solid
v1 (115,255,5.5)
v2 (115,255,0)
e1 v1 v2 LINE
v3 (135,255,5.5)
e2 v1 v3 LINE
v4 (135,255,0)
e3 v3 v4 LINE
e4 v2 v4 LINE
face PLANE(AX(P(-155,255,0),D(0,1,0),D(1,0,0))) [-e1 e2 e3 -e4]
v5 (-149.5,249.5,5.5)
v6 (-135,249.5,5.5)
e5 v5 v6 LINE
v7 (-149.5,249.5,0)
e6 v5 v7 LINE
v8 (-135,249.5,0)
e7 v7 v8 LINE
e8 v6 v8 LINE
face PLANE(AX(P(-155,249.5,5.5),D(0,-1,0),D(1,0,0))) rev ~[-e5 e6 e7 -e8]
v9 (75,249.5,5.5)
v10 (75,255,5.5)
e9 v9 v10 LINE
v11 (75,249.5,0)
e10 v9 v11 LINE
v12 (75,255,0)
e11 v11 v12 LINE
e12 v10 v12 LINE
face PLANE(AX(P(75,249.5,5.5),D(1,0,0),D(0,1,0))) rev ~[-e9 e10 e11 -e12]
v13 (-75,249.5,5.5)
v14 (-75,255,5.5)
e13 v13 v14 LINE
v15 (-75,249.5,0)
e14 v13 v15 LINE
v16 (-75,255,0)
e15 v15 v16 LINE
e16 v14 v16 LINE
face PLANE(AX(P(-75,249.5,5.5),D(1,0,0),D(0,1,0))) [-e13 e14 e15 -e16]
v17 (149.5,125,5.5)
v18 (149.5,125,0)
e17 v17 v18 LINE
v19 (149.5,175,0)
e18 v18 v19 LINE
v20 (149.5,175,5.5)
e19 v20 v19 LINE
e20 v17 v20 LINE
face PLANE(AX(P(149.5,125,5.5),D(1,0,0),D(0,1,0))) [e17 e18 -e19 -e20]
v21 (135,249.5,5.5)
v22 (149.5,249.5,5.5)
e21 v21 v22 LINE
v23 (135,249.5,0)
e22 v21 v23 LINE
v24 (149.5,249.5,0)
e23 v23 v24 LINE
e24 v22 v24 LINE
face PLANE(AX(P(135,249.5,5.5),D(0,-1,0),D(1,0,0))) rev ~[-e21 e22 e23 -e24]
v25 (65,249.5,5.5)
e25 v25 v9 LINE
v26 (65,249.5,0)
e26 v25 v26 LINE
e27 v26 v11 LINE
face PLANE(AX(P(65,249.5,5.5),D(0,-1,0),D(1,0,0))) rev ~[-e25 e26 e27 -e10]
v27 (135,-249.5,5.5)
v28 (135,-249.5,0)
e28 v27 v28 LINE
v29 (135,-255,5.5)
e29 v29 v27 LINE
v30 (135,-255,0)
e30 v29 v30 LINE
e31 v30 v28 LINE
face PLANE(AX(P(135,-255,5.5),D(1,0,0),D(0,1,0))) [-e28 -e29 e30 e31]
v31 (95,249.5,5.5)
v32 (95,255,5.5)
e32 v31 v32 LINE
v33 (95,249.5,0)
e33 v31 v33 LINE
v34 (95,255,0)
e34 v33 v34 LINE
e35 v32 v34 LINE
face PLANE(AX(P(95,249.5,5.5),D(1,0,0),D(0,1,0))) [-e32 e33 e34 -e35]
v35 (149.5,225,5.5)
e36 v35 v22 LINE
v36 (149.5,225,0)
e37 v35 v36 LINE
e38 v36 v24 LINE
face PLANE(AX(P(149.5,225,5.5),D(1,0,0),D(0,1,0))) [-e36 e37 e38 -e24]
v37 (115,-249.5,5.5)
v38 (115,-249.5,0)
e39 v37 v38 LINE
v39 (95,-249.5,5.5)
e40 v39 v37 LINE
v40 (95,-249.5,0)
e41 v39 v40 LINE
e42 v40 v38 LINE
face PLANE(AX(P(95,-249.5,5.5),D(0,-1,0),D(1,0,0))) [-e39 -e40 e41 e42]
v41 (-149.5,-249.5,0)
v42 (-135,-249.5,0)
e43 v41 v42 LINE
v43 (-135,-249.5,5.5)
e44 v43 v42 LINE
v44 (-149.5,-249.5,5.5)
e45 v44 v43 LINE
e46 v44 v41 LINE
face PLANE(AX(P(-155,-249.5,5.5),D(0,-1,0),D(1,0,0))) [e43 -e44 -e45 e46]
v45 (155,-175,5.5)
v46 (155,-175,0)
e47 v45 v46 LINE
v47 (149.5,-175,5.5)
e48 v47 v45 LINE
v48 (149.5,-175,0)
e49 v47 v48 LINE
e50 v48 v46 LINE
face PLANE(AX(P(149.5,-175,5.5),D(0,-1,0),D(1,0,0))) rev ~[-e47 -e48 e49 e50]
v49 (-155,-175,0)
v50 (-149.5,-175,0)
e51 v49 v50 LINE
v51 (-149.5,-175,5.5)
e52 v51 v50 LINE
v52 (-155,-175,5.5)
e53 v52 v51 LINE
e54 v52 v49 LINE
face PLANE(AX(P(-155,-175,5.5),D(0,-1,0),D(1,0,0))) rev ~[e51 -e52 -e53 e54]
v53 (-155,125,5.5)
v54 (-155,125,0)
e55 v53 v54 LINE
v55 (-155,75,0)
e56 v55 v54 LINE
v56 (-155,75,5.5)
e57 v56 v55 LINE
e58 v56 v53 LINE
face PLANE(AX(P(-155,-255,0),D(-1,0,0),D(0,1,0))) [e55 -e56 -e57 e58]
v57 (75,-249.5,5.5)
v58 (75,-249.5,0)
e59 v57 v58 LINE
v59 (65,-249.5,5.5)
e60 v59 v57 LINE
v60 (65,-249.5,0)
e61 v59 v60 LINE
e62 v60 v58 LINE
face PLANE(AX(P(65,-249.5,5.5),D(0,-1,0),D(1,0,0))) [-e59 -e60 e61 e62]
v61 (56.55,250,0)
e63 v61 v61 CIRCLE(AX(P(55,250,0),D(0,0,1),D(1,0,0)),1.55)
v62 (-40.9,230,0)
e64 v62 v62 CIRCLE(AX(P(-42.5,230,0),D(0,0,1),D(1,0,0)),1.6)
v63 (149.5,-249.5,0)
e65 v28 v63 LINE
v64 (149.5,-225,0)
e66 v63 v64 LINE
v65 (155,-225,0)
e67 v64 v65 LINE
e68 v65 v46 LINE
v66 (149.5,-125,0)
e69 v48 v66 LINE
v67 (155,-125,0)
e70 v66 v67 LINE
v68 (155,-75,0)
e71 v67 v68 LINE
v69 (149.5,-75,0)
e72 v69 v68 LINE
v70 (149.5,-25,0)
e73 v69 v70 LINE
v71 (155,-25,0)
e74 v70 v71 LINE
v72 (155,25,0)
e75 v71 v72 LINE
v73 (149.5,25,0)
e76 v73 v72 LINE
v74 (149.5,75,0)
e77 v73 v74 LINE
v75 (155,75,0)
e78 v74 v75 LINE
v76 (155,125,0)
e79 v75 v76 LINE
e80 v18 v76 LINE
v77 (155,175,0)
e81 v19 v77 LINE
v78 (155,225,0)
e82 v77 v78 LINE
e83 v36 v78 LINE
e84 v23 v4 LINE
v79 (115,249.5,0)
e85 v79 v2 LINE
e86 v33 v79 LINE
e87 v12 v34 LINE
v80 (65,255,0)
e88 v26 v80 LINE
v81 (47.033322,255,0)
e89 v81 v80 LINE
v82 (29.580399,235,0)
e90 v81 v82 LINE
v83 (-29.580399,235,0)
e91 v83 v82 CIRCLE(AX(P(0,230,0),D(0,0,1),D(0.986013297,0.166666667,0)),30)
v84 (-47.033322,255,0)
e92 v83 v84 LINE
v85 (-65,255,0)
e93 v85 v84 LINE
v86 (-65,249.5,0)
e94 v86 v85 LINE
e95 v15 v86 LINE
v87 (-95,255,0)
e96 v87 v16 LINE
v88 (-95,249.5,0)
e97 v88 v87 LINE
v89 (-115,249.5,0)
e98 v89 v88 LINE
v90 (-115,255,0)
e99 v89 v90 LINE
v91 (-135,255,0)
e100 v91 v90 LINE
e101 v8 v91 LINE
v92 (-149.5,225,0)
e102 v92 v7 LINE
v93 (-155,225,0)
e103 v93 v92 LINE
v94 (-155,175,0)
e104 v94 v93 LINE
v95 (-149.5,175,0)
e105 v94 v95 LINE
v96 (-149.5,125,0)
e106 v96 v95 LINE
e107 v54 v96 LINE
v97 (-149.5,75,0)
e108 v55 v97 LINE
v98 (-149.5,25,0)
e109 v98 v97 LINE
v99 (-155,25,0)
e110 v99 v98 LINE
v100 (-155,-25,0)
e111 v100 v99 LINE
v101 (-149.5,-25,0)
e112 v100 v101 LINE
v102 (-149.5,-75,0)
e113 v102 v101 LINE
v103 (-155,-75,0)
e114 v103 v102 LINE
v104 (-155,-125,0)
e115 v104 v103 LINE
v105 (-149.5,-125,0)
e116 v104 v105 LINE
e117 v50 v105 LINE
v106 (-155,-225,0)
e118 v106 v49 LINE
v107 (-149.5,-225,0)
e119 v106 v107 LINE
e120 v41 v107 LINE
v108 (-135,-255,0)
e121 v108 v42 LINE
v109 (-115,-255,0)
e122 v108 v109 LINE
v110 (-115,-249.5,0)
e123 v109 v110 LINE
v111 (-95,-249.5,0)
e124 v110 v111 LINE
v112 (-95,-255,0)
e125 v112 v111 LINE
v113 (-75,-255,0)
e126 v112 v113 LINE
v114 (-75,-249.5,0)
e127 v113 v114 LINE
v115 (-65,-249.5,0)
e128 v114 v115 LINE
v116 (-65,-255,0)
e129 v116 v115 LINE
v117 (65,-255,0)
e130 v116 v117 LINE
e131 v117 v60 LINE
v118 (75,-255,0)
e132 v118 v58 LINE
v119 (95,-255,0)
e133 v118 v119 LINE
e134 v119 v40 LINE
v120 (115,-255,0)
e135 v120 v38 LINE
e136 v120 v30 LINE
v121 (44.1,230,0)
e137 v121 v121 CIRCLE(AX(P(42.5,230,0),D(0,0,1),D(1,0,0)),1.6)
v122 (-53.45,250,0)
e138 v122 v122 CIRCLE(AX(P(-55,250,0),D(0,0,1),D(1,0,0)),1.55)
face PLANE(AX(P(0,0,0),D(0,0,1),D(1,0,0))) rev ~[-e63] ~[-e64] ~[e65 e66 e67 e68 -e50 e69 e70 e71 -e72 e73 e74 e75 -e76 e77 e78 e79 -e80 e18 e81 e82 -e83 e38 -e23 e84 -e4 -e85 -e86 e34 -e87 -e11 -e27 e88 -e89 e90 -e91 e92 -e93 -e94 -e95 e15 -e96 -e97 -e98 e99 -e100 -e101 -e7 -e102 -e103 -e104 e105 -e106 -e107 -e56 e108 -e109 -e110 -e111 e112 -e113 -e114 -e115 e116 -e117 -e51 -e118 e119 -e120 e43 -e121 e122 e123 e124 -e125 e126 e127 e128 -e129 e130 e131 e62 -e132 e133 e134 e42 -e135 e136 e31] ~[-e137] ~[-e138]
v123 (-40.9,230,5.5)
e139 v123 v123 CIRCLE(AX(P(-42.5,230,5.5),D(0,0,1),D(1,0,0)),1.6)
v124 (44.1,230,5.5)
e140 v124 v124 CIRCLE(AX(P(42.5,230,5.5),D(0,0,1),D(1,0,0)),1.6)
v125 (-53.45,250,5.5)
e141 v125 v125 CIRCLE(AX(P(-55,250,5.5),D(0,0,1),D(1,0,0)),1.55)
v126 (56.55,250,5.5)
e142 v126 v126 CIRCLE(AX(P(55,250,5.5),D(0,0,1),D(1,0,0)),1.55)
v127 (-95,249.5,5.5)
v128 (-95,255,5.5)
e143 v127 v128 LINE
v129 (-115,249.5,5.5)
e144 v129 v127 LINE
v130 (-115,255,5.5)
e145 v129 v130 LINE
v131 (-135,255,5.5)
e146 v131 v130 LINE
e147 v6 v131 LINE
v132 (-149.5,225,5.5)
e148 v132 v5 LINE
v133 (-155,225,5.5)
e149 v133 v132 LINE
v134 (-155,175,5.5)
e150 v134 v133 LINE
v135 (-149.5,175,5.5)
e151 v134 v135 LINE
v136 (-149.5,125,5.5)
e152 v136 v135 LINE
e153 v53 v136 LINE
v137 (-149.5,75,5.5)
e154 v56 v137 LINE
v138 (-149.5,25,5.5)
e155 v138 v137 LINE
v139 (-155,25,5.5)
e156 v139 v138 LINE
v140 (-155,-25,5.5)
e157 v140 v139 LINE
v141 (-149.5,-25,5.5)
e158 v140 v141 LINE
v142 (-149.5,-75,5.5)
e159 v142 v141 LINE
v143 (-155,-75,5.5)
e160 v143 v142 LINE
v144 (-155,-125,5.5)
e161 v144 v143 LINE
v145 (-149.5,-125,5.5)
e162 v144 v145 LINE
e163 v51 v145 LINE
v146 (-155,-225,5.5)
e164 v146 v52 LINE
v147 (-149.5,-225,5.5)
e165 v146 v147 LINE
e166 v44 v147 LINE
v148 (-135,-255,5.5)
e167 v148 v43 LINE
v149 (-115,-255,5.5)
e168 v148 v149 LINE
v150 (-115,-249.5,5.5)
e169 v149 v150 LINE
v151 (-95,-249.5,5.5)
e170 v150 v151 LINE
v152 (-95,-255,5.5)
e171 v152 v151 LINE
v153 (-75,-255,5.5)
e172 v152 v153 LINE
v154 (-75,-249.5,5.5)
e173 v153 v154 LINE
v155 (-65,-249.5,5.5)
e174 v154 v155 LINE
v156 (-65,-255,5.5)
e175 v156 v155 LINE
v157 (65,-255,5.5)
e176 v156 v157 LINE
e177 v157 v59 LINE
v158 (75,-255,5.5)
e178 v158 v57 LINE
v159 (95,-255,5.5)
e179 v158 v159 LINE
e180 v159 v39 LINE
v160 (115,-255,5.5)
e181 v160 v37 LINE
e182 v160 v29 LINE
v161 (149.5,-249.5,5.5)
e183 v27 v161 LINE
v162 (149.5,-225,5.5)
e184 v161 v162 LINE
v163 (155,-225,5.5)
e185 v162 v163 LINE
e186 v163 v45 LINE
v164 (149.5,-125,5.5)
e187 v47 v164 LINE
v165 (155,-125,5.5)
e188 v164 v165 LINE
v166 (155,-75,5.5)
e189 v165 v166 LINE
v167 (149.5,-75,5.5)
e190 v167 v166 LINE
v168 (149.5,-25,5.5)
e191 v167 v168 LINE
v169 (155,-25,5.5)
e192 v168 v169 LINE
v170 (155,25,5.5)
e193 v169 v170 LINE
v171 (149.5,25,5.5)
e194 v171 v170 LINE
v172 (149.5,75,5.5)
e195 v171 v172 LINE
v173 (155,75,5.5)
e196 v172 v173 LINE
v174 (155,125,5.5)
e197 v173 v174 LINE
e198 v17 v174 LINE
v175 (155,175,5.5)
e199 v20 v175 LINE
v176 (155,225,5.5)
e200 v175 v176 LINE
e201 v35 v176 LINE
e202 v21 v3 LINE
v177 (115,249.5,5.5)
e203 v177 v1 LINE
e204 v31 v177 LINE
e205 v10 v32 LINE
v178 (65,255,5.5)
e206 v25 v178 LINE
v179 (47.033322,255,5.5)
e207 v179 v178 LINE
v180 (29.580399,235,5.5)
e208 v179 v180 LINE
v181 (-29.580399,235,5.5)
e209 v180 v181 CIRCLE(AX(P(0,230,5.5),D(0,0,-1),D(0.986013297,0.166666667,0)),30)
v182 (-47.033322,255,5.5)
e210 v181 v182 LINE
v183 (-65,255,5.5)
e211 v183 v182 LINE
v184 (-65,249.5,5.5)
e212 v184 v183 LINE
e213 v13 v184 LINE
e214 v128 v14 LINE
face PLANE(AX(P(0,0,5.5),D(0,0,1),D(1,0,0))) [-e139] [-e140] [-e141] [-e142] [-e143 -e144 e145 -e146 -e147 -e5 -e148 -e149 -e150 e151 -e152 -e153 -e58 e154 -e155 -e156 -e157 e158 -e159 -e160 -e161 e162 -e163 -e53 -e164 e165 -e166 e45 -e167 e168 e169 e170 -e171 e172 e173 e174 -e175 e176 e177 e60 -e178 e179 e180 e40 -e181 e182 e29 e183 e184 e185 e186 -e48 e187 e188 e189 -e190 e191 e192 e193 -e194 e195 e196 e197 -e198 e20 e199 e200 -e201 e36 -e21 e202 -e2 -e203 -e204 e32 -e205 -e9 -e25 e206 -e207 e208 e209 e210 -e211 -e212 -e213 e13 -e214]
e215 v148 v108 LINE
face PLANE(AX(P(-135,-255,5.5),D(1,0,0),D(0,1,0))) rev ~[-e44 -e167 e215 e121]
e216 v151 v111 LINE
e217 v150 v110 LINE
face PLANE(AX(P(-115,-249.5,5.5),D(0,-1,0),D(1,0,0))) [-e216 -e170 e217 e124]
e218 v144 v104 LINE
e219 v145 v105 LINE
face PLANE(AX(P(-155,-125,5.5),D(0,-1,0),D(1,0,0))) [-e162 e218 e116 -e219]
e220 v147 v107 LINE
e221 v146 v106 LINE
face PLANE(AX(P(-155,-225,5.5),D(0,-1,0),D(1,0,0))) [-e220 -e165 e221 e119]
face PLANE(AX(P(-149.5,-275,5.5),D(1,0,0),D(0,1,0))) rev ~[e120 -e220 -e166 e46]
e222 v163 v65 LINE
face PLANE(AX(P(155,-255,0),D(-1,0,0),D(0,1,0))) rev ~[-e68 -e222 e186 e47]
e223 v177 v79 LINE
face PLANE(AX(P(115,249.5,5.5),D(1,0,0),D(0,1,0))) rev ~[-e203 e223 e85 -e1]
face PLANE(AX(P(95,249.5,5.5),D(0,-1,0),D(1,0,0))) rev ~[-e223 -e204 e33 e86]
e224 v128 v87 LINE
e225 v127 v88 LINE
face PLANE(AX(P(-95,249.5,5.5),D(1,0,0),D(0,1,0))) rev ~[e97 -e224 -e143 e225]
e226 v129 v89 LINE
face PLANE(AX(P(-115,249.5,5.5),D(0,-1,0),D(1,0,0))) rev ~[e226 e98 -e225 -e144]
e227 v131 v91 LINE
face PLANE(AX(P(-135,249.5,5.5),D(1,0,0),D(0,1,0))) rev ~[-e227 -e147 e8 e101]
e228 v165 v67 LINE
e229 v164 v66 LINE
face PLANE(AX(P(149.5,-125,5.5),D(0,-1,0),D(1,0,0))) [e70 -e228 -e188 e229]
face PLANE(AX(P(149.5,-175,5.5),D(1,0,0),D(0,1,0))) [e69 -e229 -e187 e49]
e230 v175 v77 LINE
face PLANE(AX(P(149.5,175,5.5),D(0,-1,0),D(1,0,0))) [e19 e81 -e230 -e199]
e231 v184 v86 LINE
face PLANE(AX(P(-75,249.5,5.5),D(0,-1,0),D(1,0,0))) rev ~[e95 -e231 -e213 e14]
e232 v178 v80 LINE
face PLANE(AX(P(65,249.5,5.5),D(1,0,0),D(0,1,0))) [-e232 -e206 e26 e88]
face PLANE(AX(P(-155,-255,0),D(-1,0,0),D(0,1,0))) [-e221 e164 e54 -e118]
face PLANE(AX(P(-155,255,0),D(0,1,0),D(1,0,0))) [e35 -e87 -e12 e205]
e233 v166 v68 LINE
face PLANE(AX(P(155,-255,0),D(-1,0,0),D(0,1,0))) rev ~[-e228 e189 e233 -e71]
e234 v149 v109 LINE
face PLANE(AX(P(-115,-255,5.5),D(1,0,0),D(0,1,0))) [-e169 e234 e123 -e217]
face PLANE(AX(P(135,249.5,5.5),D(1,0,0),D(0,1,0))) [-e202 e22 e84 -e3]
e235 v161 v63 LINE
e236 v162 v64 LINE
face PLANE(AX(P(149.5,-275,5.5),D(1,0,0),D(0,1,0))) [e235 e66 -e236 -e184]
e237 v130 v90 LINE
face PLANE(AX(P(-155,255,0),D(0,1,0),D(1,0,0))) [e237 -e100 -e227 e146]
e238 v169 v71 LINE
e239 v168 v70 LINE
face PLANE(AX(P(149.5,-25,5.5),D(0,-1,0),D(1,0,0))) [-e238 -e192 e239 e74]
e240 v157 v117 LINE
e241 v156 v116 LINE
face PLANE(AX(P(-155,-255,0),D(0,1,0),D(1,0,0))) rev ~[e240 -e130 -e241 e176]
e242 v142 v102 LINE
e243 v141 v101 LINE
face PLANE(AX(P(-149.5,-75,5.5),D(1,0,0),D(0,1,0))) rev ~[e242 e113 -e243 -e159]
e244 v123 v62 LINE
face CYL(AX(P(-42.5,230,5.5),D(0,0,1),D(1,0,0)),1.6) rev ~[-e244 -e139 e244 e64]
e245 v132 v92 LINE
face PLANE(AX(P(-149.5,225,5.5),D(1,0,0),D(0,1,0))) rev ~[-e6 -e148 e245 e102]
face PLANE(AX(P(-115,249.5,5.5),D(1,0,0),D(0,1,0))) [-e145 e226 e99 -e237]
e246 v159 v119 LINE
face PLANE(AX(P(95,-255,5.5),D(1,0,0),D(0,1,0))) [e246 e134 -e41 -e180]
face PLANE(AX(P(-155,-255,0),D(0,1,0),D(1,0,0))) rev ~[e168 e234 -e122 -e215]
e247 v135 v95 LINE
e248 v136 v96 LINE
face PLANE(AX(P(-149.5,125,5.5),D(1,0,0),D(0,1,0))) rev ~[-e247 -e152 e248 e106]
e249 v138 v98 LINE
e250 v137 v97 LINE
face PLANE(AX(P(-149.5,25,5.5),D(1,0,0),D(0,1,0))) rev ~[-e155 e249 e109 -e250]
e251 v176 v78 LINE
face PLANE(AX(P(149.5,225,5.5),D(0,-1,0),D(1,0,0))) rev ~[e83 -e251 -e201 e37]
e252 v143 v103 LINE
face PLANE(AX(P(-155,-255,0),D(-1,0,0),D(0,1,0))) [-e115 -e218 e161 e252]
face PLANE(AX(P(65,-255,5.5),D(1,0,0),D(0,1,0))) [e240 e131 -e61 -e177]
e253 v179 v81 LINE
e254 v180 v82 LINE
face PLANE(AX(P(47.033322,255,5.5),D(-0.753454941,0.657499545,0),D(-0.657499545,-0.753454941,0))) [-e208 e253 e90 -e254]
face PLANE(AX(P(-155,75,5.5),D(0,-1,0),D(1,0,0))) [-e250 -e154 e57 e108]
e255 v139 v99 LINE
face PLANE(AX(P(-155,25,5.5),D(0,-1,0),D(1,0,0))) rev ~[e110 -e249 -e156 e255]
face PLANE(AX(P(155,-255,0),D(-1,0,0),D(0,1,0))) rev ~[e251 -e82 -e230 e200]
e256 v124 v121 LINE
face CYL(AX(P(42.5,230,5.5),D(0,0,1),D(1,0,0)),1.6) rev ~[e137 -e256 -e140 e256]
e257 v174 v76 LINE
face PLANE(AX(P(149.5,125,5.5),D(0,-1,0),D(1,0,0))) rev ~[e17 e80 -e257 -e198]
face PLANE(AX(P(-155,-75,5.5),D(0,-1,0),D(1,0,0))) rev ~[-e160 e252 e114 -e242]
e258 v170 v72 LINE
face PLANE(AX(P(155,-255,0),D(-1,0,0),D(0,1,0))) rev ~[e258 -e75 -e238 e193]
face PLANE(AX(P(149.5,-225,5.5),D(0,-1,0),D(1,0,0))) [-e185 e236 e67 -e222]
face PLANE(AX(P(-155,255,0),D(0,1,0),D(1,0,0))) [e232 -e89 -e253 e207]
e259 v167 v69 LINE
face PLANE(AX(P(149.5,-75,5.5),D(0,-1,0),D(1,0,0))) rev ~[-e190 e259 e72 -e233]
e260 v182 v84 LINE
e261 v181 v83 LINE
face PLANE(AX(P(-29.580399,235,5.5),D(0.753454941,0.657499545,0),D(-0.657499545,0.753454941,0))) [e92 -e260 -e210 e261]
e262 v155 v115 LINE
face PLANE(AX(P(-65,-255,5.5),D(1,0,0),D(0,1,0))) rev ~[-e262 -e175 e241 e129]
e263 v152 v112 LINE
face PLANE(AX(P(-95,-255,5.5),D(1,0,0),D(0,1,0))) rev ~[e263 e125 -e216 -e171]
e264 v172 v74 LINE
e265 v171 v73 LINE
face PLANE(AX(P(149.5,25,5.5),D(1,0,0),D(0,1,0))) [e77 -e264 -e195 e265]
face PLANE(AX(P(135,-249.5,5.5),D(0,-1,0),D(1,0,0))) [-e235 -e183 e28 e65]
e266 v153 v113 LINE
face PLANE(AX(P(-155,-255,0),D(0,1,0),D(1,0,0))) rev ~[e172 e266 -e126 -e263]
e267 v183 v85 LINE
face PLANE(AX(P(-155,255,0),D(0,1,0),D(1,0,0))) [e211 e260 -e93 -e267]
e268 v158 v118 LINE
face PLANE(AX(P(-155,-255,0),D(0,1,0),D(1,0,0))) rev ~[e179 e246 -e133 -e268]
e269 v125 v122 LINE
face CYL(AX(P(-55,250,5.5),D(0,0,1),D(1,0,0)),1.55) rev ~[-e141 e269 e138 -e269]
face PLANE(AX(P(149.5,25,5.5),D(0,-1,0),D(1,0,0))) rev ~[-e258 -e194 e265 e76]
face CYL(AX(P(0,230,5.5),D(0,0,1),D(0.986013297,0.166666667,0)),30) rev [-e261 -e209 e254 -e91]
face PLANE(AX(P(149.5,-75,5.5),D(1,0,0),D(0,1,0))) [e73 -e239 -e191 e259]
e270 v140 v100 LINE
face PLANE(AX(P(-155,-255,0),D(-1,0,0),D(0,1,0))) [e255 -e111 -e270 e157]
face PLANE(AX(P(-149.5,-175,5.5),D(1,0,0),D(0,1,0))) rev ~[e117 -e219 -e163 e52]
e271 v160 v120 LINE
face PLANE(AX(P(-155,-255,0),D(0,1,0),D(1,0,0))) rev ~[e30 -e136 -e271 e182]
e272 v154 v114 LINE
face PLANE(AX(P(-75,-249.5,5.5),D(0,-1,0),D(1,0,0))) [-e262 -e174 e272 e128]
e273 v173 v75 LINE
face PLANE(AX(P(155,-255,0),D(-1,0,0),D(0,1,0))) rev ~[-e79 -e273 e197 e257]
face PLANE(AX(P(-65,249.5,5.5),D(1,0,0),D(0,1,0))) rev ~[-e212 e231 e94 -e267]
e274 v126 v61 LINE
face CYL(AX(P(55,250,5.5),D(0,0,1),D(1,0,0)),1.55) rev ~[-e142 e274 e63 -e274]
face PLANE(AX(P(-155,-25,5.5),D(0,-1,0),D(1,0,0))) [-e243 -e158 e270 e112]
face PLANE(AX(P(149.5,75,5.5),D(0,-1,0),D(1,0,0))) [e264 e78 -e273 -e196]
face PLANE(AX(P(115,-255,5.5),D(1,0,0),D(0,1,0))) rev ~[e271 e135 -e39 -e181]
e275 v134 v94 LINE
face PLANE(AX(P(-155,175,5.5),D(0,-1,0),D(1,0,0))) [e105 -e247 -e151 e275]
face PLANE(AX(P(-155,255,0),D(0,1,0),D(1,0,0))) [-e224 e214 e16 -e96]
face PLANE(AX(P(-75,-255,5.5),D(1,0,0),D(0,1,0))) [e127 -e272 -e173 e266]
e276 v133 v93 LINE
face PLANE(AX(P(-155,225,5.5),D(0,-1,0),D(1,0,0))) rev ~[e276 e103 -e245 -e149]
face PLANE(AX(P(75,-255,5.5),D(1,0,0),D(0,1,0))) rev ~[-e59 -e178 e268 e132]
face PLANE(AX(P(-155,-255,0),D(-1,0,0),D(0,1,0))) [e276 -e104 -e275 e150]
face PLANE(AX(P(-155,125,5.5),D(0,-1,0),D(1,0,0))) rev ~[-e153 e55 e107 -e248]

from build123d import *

# Parameters (mm, degrees)
SKETCH_1_W          = 310
SKETCH_1_H          = 510
EXTRUDE_1_DEPTH     = 5.5
SKETCH_2_W          = 5.5
SKETCH_2_H          = 50
CUT_EXTRUDE_1_DEPTH = 299.463146804
CUT_EXTRUDE_2_DEPTH = 299.463146804
SKETCH_5_R          = 1.6
CUT_EXTRUDE_3_DEPTH = 299.463146804
SKETCH_6_R          = 1.55
CUT_EXTRUDE_4_DEPTH = 299.463146804
SKETCH_7_W          = 20
SKETCH_7_H          = 5.5
SKETCH_7_W_2        = 10
CUT_EXTRUDE_5_DEPTH = 299.463146804


with BuildPart() as part:
    # ｽｹｯﾁ1 → ﾎﾞｽ - 押し出し1 (new body)
    with BuildSketch(Plane.XY):
        Rectangle(SKETCH_1_W, SKETCH_1_H)
    extrude(amount=EXTRUDE_1_DEPTH)

    # ｽｹｯﾁ2 → ｶｯﾄ - 押し出し1 (cut, through all)
    with BuildSketch(Plane.XY.offset(5.5)):
        with Locations((152.25, 50)):
            Rectangle(SKETCH_2_W, SKETCH_2_H)
        with Locations((152.25, -50)):
            Rectangle(SKETCH_2_W, SKETCH_2_H)
        with Locations((152.25, 150)):
            Rectangle(SKETCH_2_W, SKETCH_2_H)
        with Locations((152.25, -150)):
            Rectangle(SKETCH_2_W, SKETCH_2_H)
        with Locations((152.25, 250)):
            Rectangle(SKETCH_2_W, SKETCH_2_H)
        with Locations((152.25, -250)):
            Rectangle(SKETCH_2_W, SKETCH_2_H)
        with Locations((-152.25, 50)):
            Rectangle(SKETCH_2_W, SKETCH_2_H)
        with Locations((-152.25, -50)):
            Rectangle(SKETCH_2_W, SKETCH_2_H)
        with Locations((-152.25, 150)):
            Rectangle(SKETCH_2_W, SKETCH_2_H)
        with Locations((-152.25, -150)):
            Rectangle(SKETCH_2_W, SKETCH_2_H)
        with Locations((-152.25, 250)):
            Rectangle(SKETCH_2_W, SKETCH_2_H)
        with Locations((-152.25, -250)):
            Rectangle(SKETCH_2_W, SKETCH_2_H)
    extrude(amount=-CUT_EXTRUDE_1_DEPTH, mode=Mode.SUBTRACT)

    # ｽｹｯﾁ3 → ｶｯﾄ - 押し出し2 (cut, through all)
    with BuildSketch(Plane.XY.offset(5.5)):
        with BuildLine():
            Line((47.033321686, 255), (29.580398915, 235))
            ThreePointArc((29.580398915, 235), (0, 200), (-29.580398915, 235))
            Line((-29.580398915, 235), (-47.033321686, 255))
            Line((-47.033321686, 255), (47.033321686, 255))
        make_face()
    extrude(amount=-CUT_EXTRUDE_2_DEPTH, mode=Mode.SUBTRACT)

    # ｽｹｯﾁ5 → ｶｯﾄ - 押し出し3 (cut, through all)
    with BuildSketch(Plane.XY.offset(5.5)):
        with Locations((-42.5, 230)):
            Circle(SKETCH_5_R)
        with Locations((42.5, 230)):
            Circle(SKETCH_5_R)
    extrude(amount=-CUT_EXTRUDE_3_DEPTH, mode=Mode.SUBTRACT)

    # ｽｹｯﾁ6 → ｶｯﾄ - 押し出し4 (cut, through all)
    with BuildSketch(Plane.XY.offset(5.5)):
        with Locations((55, 250)):
            Circle(SKETCH_6_R)
        with Locations((-55, 250)):
            Circle(SKETCH_6_R)
    extrude(amount=-CUT_EXTRUDE_4_DEPTH, mode=Mode.SUBTRACT)

    # ｽｹｯﾁ7 → ｶｯﾄ - 押し出し5 (cut, through all)
    with BuildSketch(Plane.XY.offset(5.5)):
        with Locations((145, 252.25)):
            Rectangle(SKETCH_7_W, SKETCH_7_H)
        with Locations((105, 252.25)):
            Rectangle(SKETCH_7_W, SKETCH_7_H)
        with Locations((70, 252.25)):
            Rectangle(SKETCH_7_W_2, SKETCH_7_H)
        with Locations((-70, 252.25)):
            Rectangle(SKETCH_7_W_2, SKETCH_7_H)
        with Locations((-105, 252.25)):
            Rectangle(SKETCH_7_W, SKETCH_7_H)
        with Locations((-145, 252.25)):
            Rectangle(SKETCH_7_W, SKETCH_7_H)
        with Locations((-145, -252.25)):
            Rectangle(SKETCH_7_W, SKETCH_7_H)
        with Locations((-105, -252.25)):
            Rectangle(SKETCH_7_W, SKETCH_7_H)
        with Locations((-70, -252.25)):
            Rectangle(SKETCH_7_W_2, SKETCH_7_H)
        with Locations((70, -252.25)):
            Rectangle(SKETCH_7_W_2, SKETCH_7_H)
        with Locations((105, -252.25)):
            Rectangle(SKETCH_7_W, SKETCH_7_H)
        with Locations((145, -252.25)):
            Rectangle(SKETCH_7_W, SKETCH_7_H)
    extrude(amount=-CUT_EXTRUDE_5_DEPTH, mode=Mode.SUBTRACT)


solid = part.part
